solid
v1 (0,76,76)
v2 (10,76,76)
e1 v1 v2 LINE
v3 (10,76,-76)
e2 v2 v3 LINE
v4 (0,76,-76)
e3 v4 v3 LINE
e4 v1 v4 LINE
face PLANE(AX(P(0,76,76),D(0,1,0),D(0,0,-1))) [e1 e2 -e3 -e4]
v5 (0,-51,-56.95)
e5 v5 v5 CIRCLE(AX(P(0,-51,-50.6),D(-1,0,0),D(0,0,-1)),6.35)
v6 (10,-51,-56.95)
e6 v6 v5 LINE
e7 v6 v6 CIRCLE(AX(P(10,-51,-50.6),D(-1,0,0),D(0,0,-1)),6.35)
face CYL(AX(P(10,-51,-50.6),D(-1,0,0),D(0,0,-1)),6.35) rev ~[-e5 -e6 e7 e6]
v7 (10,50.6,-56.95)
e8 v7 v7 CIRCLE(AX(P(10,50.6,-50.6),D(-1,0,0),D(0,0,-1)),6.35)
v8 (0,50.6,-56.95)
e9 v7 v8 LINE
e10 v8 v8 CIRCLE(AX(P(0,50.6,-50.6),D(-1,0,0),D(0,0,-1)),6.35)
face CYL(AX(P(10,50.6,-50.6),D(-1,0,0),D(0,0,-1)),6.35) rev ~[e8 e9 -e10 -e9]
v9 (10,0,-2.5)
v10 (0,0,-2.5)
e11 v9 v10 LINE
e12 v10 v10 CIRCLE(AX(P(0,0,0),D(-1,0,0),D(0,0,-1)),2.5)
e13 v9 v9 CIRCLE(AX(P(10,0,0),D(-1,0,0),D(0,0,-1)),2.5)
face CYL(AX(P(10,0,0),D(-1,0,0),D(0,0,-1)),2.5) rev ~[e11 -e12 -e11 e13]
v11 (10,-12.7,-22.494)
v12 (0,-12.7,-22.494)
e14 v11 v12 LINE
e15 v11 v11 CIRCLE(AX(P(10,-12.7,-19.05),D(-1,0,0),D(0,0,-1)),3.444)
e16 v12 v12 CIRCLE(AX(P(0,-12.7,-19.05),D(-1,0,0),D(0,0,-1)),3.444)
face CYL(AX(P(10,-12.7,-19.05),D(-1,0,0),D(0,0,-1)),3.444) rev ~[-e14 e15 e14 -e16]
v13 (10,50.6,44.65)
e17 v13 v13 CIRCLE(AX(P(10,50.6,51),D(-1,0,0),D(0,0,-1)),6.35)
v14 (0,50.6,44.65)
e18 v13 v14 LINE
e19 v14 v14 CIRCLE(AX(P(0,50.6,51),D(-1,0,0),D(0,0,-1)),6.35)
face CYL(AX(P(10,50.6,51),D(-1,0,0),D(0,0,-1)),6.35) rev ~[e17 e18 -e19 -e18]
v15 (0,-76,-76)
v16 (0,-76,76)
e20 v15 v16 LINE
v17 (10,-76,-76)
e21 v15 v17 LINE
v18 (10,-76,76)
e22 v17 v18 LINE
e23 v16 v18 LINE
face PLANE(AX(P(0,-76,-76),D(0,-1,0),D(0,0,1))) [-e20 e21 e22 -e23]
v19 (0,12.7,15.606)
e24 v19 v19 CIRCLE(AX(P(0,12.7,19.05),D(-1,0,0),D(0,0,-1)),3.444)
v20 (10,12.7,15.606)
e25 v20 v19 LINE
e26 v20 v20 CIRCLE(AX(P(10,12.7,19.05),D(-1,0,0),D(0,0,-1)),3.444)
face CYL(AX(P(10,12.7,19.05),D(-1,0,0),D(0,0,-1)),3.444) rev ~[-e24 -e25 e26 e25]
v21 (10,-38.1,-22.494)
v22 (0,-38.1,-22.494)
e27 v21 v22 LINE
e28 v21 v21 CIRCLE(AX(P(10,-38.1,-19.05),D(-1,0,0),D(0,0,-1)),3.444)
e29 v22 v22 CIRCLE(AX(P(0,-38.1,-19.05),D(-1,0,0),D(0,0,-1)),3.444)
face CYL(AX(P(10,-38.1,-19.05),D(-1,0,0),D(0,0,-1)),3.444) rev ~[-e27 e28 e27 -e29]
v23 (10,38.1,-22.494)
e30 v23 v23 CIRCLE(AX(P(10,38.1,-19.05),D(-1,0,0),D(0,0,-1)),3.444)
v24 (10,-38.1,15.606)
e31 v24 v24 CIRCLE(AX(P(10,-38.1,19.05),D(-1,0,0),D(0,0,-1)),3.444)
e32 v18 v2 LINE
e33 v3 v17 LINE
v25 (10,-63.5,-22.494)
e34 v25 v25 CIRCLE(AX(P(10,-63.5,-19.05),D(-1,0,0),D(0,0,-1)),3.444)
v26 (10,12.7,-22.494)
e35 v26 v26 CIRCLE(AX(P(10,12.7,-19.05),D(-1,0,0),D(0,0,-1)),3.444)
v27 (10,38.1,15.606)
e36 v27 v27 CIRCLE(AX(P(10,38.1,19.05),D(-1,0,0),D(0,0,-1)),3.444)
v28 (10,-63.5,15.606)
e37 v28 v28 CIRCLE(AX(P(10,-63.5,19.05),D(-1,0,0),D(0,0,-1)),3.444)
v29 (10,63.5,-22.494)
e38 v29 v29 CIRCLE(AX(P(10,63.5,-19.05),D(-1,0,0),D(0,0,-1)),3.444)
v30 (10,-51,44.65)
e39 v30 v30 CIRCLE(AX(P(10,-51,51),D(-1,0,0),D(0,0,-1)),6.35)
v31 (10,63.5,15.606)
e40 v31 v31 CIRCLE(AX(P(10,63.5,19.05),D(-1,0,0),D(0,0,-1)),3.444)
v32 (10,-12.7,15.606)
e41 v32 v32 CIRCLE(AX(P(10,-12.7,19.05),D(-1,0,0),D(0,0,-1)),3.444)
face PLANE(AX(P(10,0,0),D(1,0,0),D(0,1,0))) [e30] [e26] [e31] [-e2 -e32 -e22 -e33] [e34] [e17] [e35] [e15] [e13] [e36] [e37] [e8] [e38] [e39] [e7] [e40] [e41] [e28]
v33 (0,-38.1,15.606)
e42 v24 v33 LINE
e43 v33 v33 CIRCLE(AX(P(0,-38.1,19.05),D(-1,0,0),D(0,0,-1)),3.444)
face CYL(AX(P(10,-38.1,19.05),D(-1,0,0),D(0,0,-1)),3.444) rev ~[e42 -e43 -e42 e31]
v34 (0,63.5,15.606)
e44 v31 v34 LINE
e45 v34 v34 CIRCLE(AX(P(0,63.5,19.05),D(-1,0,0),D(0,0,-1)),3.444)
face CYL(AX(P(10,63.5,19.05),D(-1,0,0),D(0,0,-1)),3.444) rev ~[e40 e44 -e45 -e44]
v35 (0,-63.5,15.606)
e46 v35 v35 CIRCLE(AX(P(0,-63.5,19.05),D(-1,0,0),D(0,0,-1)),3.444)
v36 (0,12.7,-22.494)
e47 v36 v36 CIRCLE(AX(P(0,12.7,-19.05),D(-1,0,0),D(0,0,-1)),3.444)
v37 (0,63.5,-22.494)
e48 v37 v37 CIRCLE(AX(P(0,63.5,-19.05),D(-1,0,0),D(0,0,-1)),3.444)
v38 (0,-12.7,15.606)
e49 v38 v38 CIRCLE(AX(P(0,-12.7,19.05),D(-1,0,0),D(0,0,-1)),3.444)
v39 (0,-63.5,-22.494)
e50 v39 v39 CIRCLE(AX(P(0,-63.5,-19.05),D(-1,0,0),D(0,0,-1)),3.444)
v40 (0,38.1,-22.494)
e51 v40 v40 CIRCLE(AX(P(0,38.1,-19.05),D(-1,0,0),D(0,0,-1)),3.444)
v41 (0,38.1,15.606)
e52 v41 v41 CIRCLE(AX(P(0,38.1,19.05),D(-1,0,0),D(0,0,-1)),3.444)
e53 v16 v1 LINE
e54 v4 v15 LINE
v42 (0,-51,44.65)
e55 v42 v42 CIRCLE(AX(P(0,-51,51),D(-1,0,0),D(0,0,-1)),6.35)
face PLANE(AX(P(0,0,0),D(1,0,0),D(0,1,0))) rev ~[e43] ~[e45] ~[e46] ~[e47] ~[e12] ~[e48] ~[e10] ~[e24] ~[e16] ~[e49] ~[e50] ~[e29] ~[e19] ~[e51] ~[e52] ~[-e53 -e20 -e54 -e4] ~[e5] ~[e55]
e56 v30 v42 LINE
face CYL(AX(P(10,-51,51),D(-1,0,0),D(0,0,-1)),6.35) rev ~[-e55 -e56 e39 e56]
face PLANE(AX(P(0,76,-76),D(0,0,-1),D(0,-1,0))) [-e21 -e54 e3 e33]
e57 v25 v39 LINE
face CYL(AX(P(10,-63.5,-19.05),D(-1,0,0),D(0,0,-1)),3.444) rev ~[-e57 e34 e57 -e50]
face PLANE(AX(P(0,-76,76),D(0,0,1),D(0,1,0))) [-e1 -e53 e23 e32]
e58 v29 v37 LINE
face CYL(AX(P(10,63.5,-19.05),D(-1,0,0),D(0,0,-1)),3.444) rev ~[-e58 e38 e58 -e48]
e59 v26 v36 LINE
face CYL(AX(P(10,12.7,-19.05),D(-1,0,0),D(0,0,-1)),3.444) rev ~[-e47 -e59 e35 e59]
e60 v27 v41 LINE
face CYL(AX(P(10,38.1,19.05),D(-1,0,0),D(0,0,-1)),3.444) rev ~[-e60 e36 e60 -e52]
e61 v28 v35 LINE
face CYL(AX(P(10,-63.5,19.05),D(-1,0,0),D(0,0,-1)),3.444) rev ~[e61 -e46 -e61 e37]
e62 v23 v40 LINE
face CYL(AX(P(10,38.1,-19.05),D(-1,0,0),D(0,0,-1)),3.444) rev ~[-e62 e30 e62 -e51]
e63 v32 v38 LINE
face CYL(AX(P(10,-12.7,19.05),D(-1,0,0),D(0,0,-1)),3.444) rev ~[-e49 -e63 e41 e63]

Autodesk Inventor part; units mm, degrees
ref_plane "YZ Plane" through (0, 0, 0) normal (1, 0, 0) x (0, 1, 0)
ref_plane "XZ Plane" through (0, 0, 0) normal (0, 1, 0) x (-1, 0, 0)
ref_plane "XY Plane" through (0, 0, 0) normal (0, 0, 1) x (1, 0, 0)
sketch "Sketch5" plane through (0, 0, 0) normal (1, 0, 0) x (0, 1, 0)
  line L0 (76, -76) -> (-76, -76)
  line L1 (-76, -76) -> (-76, 76)
  line L2 (-76, 76) -> (76, 76)
  line L3 (76, 76) -> (76, -76)
  line L4 (76, -76) -> (-76, 76) construction
  line L5 (-76, -76) -> (76, 76) construction
  point P0 (0, 0)
  dimension "d31" = 152
  dimension "d32" = 152
extrude "Extrusion2" add sketch "Sketch5" along normal blind 10
sketch "Sketch6" plane through (10, 0, 0) normal (1, 0, 0) x (0, 0, -1)
  line L0 (76, -76) -> (76, 76) projected
  line L1 (76, 76) -> (-76, 76) projected
  point P0 (0, 0)
  point P1 (50.6, 50.6)
  dimension "d42" = 25.4
  dimension "d43" = 25.4
hole "Hole4" at (10, 50.6, -50.6) direction (-1, 0, 0) diameter 12.7 end through all
sketch "Sketch7" plane through (10, 0, 0) normal (1, 0, 0) x (0, 0, -1)
  circle A0 centre (50.6, 50.6) radius 6.35 projected
  line L0 (76, 76) -> (-76, 76) projected
  point P0 (0, 0)
  point P1 (-51, 50.6)
  dimension "d51" = 101.6
  dimension "d52" = 25.4
hole "Hole5" at (10, 50.6, 51) direction (-1, 0, 0) diameter 12.7 end through all
sketch "Sketch8" plane through (10, 0, 0) normal (1, 0, 0) x (0, 0, -1)
  line L0 (76, -76) -> (76, 76) projected
  circle A0 centre (50.6, 50.6) radius 6.35 projected
  point P0 (0, 0)
  point P1 (50.6, -51)
  dimension "d60" = 25.4
  dimension "d61" = 101.6
hole "Hole6" at (10, -51, -50.6) direction (-1, 0, 0) diameter 12.7 end through all
sketch "Sketch9" plane through (10, 0, 0) normal (1, 0, 0) x (0, 0, -1)
  circle A0 centre (-51, 50.6) radius 6.35 projected
  circle A1 centre (50.6, -51) radius 6.35 projected
  point P0 (0, 0)
  point P1 (-51, -51)
  dimension "d69" = 101.6
  dimension "d70" = 101.6
hole "Hole7" at (10, -51, 51) direction (-1, 0, 0) diameter 12.7 end through all
sketch "Sketch10" plane through (10, 0, 0) normal (1, 0, 0) x (0, 0, -1)
  line L0 (76, 76) -> (-76, 76) projected
  line L1 (76, -76) -> (76, 76) projected
  point P0 (0, 0)
  point P1 (19.05, 63.5)
  dimension "d93" = 12.5
  dimension "d103" = 56.95
hole "Hole8" at (10, 63.5, -19.05) direction (-1, 0, 0) diameter 6.888 end through all
sketch "Sketch11" plane through (10, 0, 0) normal (1, 0, 0) x (0, 0, -1)
  circle A0 centre (19.05, 63.5) radius 3.444 projected
  point P0 (0, 0)
  point P1 (-19.05, 63.5)
  dimension "d85" = 38.1
  dimension "d86" = 0
hole "Hole9" at (10, 63.5, 19.05) direction (-1, 0, 0) diameter 6.888 end through all
pattern_linear "Rectangular Pattern1" count 6 spacing 25.4 along (0, -1, 0) of "Hole8"
pattern_linear "Rectangular Pattern2" count 6 spacing 25.4 along (0, -1, 0) of "Hole9"
sketch "Sketch12" plane through (10, 0, 0) normal (1, 0, 0) x (0, 0, -1)
  line L0 (76, -76) -> (76, 76) projected
  line L1 (-76, -76) -> (76, -76) projected
  point P0 (0, 0)
  point P1 (0, 0)
  dimension "d101" = 76
  dimension "d102" = 76
hole "Hole10" at (10, 0, 0) direction (-1, 0, 0) diameter 5 end through all
properties part number "base_plate"
